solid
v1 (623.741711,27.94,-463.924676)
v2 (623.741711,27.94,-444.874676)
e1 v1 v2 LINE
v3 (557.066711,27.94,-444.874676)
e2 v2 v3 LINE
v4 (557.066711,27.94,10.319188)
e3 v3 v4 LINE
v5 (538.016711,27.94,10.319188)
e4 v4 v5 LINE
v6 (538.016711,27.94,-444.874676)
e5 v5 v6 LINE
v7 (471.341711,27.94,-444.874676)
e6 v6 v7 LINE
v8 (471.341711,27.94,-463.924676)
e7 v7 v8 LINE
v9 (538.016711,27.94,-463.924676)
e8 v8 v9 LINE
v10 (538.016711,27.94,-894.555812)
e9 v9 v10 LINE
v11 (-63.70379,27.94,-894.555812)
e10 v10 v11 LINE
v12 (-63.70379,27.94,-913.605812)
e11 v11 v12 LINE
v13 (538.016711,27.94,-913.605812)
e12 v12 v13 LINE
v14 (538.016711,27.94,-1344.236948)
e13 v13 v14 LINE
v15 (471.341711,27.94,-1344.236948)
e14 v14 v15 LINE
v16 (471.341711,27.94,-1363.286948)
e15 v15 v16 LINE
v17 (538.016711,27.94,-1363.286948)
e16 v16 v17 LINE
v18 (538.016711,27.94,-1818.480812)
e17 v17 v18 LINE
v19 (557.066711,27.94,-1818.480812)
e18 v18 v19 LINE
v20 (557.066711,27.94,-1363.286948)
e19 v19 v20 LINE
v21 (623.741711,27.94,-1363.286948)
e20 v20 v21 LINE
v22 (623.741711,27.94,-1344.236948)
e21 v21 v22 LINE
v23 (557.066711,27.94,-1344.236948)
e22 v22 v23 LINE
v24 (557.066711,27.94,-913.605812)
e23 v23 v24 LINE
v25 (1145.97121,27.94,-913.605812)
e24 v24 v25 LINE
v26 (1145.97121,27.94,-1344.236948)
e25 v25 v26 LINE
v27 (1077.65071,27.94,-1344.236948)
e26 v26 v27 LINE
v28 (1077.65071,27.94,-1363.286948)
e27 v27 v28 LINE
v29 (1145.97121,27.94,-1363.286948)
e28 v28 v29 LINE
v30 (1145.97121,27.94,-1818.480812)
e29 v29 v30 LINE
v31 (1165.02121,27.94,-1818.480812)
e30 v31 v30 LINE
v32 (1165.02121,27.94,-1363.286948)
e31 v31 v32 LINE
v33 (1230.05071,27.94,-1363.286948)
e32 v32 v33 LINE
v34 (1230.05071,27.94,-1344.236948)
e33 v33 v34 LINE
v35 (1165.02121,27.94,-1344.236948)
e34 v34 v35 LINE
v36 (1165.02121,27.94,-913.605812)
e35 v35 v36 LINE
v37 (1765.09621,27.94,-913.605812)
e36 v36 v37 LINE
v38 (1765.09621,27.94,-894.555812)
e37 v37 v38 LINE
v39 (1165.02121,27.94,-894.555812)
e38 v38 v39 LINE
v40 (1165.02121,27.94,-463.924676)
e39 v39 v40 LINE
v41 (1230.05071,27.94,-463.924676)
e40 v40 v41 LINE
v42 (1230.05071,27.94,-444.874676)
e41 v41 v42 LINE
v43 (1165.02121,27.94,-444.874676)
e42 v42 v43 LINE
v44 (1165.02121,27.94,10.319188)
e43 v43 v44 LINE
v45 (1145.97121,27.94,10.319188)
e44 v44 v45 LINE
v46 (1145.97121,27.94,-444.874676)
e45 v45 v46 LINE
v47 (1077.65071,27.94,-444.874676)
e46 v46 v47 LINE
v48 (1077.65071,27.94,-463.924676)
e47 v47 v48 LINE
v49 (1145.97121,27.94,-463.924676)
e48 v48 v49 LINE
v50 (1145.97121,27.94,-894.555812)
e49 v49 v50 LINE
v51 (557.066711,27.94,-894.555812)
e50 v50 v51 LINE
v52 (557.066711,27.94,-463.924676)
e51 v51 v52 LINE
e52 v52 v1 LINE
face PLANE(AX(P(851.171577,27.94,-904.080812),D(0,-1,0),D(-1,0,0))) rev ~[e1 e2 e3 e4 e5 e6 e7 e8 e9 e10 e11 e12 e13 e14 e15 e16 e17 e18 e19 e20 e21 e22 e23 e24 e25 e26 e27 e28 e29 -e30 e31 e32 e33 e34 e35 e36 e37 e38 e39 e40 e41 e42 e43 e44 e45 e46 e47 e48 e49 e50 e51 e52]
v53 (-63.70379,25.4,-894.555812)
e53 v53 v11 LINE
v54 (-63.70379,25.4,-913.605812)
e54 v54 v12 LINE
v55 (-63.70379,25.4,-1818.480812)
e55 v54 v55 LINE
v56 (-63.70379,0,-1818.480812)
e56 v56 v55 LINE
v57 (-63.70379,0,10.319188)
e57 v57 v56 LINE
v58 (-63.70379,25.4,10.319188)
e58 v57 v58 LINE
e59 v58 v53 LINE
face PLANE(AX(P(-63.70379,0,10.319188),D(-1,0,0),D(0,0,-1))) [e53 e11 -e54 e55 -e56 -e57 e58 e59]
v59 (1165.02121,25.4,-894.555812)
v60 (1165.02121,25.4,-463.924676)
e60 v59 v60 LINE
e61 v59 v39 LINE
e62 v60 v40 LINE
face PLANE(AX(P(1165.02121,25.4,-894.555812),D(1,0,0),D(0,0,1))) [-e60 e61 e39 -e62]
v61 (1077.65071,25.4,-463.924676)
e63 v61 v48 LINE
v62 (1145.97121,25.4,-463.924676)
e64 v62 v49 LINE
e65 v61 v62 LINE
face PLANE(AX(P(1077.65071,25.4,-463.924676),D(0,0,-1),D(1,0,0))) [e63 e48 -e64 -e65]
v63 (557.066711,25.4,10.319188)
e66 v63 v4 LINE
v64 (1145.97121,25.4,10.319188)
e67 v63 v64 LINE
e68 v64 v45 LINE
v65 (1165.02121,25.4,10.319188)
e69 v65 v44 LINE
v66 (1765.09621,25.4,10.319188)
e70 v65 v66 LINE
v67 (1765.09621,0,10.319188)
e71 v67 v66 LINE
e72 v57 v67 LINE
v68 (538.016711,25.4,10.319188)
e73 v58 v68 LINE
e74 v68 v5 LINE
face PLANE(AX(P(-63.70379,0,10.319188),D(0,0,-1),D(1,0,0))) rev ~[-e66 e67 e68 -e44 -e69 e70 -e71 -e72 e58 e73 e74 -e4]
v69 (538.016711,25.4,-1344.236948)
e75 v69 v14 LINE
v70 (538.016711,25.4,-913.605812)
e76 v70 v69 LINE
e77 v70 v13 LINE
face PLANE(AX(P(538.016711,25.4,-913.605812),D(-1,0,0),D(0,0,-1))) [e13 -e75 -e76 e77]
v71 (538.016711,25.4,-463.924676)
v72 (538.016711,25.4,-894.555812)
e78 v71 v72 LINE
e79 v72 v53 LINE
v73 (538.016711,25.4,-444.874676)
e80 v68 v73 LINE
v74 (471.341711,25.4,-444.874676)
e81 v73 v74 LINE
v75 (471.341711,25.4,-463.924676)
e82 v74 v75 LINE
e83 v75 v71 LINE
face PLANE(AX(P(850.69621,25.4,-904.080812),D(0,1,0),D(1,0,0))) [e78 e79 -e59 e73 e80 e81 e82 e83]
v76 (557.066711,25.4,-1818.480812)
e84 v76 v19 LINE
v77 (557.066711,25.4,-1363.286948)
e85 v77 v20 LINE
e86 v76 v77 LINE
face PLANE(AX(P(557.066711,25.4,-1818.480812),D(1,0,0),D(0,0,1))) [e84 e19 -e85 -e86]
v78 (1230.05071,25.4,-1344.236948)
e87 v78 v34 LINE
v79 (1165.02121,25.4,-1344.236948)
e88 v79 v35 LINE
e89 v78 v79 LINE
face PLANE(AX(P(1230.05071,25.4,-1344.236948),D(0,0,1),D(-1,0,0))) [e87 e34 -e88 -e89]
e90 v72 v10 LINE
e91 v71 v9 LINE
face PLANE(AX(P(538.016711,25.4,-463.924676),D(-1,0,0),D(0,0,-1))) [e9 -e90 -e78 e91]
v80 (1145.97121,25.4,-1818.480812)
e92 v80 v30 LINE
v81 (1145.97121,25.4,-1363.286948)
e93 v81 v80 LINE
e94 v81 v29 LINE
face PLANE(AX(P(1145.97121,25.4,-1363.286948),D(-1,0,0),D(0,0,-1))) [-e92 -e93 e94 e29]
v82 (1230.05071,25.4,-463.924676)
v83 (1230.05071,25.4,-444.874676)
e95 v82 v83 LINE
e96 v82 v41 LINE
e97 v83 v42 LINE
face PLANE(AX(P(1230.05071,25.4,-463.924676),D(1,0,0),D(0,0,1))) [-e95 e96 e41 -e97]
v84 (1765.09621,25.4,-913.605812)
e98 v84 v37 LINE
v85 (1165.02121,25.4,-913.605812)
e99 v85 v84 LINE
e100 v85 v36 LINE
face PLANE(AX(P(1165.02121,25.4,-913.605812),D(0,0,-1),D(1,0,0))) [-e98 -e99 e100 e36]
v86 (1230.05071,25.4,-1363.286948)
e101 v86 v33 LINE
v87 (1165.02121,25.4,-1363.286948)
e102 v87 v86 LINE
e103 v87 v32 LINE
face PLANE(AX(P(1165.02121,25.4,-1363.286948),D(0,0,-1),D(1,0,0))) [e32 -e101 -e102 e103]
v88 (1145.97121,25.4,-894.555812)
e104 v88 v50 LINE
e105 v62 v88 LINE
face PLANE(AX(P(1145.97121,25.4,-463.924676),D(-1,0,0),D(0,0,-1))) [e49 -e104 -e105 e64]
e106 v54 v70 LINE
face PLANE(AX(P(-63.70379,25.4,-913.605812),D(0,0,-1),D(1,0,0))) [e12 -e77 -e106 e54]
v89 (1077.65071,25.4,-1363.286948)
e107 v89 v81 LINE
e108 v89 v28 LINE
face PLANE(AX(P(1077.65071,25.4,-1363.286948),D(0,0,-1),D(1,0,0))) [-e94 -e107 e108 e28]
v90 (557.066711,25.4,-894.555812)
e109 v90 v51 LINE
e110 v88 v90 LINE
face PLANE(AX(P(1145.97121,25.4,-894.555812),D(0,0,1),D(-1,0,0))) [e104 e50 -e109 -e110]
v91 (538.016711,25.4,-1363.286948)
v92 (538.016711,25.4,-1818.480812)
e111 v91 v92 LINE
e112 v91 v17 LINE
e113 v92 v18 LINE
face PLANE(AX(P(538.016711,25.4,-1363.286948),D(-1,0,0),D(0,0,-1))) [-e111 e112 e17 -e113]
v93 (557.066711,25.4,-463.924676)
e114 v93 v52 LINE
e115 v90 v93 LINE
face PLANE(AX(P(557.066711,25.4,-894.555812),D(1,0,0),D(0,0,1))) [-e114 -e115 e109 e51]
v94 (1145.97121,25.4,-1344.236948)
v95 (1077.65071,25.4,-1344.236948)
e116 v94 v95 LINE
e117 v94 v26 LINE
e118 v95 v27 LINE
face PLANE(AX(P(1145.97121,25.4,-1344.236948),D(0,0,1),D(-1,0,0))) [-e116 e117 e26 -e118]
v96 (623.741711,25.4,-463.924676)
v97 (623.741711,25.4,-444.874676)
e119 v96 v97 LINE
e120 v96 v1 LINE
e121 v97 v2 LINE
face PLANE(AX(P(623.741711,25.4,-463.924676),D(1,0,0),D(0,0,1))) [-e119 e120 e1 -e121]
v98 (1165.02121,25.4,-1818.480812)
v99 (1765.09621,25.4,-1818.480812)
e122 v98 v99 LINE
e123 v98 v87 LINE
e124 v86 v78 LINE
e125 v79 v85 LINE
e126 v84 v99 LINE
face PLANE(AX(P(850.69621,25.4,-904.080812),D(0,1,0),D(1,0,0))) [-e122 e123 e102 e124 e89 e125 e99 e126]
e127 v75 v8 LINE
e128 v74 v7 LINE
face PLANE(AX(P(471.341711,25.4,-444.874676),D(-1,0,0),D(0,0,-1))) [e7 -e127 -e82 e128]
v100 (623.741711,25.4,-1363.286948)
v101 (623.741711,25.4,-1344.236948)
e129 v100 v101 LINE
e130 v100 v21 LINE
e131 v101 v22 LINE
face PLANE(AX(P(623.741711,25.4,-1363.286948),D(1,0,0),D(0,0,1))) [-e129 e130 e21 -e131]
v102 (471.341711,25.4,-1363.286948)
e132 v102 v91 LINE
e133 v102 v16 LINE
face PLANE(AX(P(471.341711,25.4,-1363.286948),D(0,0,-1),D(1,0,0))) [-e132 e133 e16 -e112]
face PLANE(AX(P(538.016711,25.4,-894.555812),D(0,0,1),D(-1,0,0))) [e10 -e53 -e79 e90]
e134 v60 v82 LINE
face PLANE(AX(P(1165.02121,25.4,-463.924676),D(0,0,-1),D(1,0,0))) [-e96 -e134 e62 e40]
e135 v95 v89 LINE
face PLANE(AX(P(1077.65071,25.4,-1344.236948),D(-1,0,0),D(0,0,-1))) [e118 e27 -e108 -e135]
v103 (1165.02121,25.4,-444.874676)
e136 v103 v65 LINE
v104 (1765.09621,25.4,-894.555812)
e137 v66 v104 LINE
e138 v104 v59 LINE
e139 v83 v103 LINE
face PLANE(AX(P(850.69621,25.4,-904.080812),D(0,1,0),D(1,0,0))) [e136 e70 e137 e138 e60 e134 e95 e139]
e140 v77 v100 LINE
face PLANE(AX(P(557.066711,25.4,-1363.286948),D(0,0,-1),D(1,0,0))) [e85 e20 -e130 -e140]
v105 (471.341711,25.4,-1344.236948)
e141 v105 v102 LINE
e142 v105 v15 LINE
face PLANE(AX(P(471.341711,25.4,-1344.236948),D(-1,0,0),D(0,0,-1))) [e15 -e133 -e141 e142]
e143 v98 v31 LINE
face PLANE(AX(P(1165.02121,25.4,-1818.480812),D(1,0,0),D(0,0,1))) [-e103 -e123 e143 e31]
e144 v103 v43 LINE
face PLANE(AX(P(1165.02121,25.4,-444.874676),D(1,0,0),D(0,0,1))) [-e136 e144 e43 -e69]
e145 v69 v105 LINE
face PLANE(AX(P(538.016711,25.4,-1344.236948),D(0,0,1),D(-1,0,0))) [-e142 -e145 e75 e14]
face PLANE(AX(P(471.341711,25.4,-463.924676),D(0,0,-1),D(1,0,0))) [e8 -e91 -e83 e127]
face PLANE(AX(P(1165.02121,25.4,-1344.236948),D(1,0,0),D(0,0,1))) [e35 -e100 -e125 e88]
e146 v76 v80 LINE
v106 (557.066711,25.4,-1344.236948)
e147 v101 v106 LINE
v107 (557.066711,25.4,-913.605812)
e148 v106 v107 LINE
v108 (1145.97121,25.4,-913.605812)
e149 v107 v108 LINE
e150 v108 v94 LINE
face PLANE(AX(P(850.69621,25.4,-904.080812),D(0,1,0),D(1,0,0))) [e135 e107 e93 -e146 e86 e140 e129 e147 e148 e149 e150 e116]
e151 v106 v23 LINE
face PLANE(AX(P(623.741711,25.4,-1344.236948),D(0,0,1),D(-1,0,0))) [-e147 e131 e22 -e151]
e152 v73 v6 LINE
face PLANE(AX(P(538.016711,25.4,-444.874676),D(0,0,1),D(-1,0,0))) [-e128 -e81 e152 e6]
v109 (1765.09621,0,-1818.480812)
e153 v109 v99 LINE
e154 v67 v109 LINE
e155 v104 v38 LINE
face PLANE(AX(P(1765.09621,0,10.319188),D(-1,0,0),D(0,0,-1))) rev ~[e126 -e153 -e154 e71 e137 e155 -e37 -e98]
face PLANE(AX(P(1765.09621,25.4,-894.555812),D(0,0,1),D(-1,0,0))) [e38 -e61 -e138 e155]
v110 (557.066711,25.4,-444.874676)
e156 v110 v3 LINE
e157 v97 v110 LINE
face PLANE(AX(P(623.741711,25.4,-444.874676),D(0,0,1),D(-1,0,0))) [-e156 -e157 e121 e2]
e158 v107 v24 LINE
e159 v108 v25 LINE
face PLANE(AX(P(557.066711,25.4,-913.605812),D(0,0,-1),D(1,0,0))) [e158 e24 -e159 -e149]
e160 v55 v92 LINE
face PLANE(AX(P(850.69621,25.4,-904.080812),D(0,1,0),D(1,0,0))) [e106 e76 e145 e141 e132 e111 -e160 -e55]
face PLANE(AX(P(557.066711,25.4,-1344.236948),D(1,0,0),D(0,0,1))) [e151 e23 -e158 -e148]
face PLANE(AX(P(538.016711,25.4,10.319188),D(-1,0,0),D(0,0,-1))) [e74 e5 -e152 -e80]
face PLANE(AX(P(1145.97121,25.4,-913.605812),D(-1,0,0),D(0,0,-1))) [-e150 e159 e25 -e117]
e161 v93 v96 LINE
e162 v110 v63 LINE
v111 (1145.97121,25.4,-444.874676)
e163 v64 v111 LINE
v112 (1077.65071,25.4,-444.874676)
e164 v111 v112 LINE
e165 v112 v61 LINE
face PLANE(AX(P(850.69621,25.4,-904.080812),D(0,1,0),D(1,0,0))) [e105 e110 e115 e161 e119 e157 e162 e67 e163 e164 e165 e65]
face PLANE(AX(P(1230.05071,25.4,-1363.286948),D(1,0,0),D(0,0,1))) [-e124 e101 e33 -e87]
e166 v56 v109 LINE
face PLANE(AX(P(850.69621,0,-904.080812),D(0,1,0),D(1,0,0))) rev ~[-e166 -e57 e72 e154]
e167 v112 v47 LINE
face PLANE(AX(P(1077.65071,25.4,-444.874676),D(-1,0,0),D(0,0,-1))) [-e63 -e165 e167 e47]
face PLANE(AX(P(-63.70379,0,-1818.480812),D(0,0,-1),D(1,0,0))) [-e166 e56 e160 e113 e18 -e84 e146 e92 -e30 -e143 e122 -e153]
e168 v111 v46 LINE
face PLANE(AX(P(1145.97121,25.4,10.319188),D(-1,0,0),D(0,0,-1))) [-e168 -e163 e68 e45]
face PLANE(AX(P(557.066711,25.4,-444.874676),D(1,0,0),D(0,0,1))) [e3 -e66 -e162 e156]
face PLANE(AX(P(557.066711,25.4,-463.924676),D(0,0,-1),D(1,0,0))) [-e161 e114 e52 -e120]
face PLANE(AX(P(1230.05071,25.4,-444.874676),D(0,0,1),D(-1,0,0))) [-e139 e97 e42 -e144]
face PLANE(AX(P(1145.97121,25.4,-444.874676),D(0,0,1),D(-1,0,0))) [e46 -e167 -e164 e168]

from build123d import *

# Parameters (mm, degrees)
SKETCH1_W           = 1828.8
SKETCH1_H           = 1828.8
BOSS_EXTRUDE1_DEPTH = 25.4
BOSS_EXTRUDE2_DEPTH = 2.54


with BuildPart() as part:
    # Sketch1 → Boss-Extrude1 (new body)
    with BuildSketch(Plane(origin=(0, 0, 0), x_dir=(1, 0, 0), z_dir=(0, 1, 0))):
        with Locations((850.696210424, 904.080811624)):
            Rectangle(SKETCH1_W, SKETCH1_H)
    extrude(amount=BOSS_EXTRUDE1_DEPTH)

    # Sketch2 → Boss-Extrude2 (add)
    with BuildSketch(Plane(origin=(0, 25.4, 0), x_dir=(1, 0, 0), z_dir=(0, 1, 0))):
        Polygon((1765.096210424, 913.605811624), (1765.096210424, 894.555811624), (1165.021210424, 894.555811624), (1165.021210424, 463.924675702), (1230.050709734, 463.924675702), (1230.050709734, 444.874675702), (1165.021210424, 444.874675702), (1165.021210424, -10.319188376), (1145.971210424, -10.319188376), (1145.971210424, 444.874675702), (1077.650709734, 444.874675702), (1077.650709734, 463.924675702), (1145.971210424, 463.924675702), (1145.971210424, 894.555811624), (557.066711115, 894.555811624), (557.066711115, 463.924675702), (623.741711115, 463.924675702), (623.741711115, 444.874675702), (557.066711115, 444.874675702), (557.066711115, -10.319188376), (538.016711115, -10.319188376), (538.016711115, 444.874675702), (471.341711115, 444.874675702), (471.341711115, 463.924675702), (538.016711115, 463.924675702), (538.016711115, 894.555811624), (-63.703789576, 894.555811624), (-63.703789576, 913.605811624), (538.016711115, 913.605811624), (538.016711115, 1344.236947546), (471.341711115, 1344.236947546), (471.341711115, 1363.286947546), (538.016711115, 1363.286947546), (538.016711115, 1818.480811624), (557.066711115, 1818.480811624), (557.066711115, 1363.286947546), (623.741711115, 1363.286947546), (623.741711115, 1344.236947546), (557.066711115, 1344.236947546), (557.066711115, 913.605811624), (1145.971210424, 913.605811624), (1145.971210424, 1344.236947546), (1077.650709734, 1344.236947546), (1077.650709734, 1363.286947546), (1145.971210424, 1363.286947546), (1145.971210424, 1818.480811624), (1155.496210424, 1818.480811624), (1165.021210424, 1818.480811624), (1165.021210424, 1363.286947546), (1230.050709734, 1363.286947546), (1230.050709734, 1344.236947546), (1165.021210424, 1344.236947546), (1165.021210424, 913.605811624), align=None)
    extrude(amount=BOSS_EXTRUDE2_DEPTH)


solid = part.part
